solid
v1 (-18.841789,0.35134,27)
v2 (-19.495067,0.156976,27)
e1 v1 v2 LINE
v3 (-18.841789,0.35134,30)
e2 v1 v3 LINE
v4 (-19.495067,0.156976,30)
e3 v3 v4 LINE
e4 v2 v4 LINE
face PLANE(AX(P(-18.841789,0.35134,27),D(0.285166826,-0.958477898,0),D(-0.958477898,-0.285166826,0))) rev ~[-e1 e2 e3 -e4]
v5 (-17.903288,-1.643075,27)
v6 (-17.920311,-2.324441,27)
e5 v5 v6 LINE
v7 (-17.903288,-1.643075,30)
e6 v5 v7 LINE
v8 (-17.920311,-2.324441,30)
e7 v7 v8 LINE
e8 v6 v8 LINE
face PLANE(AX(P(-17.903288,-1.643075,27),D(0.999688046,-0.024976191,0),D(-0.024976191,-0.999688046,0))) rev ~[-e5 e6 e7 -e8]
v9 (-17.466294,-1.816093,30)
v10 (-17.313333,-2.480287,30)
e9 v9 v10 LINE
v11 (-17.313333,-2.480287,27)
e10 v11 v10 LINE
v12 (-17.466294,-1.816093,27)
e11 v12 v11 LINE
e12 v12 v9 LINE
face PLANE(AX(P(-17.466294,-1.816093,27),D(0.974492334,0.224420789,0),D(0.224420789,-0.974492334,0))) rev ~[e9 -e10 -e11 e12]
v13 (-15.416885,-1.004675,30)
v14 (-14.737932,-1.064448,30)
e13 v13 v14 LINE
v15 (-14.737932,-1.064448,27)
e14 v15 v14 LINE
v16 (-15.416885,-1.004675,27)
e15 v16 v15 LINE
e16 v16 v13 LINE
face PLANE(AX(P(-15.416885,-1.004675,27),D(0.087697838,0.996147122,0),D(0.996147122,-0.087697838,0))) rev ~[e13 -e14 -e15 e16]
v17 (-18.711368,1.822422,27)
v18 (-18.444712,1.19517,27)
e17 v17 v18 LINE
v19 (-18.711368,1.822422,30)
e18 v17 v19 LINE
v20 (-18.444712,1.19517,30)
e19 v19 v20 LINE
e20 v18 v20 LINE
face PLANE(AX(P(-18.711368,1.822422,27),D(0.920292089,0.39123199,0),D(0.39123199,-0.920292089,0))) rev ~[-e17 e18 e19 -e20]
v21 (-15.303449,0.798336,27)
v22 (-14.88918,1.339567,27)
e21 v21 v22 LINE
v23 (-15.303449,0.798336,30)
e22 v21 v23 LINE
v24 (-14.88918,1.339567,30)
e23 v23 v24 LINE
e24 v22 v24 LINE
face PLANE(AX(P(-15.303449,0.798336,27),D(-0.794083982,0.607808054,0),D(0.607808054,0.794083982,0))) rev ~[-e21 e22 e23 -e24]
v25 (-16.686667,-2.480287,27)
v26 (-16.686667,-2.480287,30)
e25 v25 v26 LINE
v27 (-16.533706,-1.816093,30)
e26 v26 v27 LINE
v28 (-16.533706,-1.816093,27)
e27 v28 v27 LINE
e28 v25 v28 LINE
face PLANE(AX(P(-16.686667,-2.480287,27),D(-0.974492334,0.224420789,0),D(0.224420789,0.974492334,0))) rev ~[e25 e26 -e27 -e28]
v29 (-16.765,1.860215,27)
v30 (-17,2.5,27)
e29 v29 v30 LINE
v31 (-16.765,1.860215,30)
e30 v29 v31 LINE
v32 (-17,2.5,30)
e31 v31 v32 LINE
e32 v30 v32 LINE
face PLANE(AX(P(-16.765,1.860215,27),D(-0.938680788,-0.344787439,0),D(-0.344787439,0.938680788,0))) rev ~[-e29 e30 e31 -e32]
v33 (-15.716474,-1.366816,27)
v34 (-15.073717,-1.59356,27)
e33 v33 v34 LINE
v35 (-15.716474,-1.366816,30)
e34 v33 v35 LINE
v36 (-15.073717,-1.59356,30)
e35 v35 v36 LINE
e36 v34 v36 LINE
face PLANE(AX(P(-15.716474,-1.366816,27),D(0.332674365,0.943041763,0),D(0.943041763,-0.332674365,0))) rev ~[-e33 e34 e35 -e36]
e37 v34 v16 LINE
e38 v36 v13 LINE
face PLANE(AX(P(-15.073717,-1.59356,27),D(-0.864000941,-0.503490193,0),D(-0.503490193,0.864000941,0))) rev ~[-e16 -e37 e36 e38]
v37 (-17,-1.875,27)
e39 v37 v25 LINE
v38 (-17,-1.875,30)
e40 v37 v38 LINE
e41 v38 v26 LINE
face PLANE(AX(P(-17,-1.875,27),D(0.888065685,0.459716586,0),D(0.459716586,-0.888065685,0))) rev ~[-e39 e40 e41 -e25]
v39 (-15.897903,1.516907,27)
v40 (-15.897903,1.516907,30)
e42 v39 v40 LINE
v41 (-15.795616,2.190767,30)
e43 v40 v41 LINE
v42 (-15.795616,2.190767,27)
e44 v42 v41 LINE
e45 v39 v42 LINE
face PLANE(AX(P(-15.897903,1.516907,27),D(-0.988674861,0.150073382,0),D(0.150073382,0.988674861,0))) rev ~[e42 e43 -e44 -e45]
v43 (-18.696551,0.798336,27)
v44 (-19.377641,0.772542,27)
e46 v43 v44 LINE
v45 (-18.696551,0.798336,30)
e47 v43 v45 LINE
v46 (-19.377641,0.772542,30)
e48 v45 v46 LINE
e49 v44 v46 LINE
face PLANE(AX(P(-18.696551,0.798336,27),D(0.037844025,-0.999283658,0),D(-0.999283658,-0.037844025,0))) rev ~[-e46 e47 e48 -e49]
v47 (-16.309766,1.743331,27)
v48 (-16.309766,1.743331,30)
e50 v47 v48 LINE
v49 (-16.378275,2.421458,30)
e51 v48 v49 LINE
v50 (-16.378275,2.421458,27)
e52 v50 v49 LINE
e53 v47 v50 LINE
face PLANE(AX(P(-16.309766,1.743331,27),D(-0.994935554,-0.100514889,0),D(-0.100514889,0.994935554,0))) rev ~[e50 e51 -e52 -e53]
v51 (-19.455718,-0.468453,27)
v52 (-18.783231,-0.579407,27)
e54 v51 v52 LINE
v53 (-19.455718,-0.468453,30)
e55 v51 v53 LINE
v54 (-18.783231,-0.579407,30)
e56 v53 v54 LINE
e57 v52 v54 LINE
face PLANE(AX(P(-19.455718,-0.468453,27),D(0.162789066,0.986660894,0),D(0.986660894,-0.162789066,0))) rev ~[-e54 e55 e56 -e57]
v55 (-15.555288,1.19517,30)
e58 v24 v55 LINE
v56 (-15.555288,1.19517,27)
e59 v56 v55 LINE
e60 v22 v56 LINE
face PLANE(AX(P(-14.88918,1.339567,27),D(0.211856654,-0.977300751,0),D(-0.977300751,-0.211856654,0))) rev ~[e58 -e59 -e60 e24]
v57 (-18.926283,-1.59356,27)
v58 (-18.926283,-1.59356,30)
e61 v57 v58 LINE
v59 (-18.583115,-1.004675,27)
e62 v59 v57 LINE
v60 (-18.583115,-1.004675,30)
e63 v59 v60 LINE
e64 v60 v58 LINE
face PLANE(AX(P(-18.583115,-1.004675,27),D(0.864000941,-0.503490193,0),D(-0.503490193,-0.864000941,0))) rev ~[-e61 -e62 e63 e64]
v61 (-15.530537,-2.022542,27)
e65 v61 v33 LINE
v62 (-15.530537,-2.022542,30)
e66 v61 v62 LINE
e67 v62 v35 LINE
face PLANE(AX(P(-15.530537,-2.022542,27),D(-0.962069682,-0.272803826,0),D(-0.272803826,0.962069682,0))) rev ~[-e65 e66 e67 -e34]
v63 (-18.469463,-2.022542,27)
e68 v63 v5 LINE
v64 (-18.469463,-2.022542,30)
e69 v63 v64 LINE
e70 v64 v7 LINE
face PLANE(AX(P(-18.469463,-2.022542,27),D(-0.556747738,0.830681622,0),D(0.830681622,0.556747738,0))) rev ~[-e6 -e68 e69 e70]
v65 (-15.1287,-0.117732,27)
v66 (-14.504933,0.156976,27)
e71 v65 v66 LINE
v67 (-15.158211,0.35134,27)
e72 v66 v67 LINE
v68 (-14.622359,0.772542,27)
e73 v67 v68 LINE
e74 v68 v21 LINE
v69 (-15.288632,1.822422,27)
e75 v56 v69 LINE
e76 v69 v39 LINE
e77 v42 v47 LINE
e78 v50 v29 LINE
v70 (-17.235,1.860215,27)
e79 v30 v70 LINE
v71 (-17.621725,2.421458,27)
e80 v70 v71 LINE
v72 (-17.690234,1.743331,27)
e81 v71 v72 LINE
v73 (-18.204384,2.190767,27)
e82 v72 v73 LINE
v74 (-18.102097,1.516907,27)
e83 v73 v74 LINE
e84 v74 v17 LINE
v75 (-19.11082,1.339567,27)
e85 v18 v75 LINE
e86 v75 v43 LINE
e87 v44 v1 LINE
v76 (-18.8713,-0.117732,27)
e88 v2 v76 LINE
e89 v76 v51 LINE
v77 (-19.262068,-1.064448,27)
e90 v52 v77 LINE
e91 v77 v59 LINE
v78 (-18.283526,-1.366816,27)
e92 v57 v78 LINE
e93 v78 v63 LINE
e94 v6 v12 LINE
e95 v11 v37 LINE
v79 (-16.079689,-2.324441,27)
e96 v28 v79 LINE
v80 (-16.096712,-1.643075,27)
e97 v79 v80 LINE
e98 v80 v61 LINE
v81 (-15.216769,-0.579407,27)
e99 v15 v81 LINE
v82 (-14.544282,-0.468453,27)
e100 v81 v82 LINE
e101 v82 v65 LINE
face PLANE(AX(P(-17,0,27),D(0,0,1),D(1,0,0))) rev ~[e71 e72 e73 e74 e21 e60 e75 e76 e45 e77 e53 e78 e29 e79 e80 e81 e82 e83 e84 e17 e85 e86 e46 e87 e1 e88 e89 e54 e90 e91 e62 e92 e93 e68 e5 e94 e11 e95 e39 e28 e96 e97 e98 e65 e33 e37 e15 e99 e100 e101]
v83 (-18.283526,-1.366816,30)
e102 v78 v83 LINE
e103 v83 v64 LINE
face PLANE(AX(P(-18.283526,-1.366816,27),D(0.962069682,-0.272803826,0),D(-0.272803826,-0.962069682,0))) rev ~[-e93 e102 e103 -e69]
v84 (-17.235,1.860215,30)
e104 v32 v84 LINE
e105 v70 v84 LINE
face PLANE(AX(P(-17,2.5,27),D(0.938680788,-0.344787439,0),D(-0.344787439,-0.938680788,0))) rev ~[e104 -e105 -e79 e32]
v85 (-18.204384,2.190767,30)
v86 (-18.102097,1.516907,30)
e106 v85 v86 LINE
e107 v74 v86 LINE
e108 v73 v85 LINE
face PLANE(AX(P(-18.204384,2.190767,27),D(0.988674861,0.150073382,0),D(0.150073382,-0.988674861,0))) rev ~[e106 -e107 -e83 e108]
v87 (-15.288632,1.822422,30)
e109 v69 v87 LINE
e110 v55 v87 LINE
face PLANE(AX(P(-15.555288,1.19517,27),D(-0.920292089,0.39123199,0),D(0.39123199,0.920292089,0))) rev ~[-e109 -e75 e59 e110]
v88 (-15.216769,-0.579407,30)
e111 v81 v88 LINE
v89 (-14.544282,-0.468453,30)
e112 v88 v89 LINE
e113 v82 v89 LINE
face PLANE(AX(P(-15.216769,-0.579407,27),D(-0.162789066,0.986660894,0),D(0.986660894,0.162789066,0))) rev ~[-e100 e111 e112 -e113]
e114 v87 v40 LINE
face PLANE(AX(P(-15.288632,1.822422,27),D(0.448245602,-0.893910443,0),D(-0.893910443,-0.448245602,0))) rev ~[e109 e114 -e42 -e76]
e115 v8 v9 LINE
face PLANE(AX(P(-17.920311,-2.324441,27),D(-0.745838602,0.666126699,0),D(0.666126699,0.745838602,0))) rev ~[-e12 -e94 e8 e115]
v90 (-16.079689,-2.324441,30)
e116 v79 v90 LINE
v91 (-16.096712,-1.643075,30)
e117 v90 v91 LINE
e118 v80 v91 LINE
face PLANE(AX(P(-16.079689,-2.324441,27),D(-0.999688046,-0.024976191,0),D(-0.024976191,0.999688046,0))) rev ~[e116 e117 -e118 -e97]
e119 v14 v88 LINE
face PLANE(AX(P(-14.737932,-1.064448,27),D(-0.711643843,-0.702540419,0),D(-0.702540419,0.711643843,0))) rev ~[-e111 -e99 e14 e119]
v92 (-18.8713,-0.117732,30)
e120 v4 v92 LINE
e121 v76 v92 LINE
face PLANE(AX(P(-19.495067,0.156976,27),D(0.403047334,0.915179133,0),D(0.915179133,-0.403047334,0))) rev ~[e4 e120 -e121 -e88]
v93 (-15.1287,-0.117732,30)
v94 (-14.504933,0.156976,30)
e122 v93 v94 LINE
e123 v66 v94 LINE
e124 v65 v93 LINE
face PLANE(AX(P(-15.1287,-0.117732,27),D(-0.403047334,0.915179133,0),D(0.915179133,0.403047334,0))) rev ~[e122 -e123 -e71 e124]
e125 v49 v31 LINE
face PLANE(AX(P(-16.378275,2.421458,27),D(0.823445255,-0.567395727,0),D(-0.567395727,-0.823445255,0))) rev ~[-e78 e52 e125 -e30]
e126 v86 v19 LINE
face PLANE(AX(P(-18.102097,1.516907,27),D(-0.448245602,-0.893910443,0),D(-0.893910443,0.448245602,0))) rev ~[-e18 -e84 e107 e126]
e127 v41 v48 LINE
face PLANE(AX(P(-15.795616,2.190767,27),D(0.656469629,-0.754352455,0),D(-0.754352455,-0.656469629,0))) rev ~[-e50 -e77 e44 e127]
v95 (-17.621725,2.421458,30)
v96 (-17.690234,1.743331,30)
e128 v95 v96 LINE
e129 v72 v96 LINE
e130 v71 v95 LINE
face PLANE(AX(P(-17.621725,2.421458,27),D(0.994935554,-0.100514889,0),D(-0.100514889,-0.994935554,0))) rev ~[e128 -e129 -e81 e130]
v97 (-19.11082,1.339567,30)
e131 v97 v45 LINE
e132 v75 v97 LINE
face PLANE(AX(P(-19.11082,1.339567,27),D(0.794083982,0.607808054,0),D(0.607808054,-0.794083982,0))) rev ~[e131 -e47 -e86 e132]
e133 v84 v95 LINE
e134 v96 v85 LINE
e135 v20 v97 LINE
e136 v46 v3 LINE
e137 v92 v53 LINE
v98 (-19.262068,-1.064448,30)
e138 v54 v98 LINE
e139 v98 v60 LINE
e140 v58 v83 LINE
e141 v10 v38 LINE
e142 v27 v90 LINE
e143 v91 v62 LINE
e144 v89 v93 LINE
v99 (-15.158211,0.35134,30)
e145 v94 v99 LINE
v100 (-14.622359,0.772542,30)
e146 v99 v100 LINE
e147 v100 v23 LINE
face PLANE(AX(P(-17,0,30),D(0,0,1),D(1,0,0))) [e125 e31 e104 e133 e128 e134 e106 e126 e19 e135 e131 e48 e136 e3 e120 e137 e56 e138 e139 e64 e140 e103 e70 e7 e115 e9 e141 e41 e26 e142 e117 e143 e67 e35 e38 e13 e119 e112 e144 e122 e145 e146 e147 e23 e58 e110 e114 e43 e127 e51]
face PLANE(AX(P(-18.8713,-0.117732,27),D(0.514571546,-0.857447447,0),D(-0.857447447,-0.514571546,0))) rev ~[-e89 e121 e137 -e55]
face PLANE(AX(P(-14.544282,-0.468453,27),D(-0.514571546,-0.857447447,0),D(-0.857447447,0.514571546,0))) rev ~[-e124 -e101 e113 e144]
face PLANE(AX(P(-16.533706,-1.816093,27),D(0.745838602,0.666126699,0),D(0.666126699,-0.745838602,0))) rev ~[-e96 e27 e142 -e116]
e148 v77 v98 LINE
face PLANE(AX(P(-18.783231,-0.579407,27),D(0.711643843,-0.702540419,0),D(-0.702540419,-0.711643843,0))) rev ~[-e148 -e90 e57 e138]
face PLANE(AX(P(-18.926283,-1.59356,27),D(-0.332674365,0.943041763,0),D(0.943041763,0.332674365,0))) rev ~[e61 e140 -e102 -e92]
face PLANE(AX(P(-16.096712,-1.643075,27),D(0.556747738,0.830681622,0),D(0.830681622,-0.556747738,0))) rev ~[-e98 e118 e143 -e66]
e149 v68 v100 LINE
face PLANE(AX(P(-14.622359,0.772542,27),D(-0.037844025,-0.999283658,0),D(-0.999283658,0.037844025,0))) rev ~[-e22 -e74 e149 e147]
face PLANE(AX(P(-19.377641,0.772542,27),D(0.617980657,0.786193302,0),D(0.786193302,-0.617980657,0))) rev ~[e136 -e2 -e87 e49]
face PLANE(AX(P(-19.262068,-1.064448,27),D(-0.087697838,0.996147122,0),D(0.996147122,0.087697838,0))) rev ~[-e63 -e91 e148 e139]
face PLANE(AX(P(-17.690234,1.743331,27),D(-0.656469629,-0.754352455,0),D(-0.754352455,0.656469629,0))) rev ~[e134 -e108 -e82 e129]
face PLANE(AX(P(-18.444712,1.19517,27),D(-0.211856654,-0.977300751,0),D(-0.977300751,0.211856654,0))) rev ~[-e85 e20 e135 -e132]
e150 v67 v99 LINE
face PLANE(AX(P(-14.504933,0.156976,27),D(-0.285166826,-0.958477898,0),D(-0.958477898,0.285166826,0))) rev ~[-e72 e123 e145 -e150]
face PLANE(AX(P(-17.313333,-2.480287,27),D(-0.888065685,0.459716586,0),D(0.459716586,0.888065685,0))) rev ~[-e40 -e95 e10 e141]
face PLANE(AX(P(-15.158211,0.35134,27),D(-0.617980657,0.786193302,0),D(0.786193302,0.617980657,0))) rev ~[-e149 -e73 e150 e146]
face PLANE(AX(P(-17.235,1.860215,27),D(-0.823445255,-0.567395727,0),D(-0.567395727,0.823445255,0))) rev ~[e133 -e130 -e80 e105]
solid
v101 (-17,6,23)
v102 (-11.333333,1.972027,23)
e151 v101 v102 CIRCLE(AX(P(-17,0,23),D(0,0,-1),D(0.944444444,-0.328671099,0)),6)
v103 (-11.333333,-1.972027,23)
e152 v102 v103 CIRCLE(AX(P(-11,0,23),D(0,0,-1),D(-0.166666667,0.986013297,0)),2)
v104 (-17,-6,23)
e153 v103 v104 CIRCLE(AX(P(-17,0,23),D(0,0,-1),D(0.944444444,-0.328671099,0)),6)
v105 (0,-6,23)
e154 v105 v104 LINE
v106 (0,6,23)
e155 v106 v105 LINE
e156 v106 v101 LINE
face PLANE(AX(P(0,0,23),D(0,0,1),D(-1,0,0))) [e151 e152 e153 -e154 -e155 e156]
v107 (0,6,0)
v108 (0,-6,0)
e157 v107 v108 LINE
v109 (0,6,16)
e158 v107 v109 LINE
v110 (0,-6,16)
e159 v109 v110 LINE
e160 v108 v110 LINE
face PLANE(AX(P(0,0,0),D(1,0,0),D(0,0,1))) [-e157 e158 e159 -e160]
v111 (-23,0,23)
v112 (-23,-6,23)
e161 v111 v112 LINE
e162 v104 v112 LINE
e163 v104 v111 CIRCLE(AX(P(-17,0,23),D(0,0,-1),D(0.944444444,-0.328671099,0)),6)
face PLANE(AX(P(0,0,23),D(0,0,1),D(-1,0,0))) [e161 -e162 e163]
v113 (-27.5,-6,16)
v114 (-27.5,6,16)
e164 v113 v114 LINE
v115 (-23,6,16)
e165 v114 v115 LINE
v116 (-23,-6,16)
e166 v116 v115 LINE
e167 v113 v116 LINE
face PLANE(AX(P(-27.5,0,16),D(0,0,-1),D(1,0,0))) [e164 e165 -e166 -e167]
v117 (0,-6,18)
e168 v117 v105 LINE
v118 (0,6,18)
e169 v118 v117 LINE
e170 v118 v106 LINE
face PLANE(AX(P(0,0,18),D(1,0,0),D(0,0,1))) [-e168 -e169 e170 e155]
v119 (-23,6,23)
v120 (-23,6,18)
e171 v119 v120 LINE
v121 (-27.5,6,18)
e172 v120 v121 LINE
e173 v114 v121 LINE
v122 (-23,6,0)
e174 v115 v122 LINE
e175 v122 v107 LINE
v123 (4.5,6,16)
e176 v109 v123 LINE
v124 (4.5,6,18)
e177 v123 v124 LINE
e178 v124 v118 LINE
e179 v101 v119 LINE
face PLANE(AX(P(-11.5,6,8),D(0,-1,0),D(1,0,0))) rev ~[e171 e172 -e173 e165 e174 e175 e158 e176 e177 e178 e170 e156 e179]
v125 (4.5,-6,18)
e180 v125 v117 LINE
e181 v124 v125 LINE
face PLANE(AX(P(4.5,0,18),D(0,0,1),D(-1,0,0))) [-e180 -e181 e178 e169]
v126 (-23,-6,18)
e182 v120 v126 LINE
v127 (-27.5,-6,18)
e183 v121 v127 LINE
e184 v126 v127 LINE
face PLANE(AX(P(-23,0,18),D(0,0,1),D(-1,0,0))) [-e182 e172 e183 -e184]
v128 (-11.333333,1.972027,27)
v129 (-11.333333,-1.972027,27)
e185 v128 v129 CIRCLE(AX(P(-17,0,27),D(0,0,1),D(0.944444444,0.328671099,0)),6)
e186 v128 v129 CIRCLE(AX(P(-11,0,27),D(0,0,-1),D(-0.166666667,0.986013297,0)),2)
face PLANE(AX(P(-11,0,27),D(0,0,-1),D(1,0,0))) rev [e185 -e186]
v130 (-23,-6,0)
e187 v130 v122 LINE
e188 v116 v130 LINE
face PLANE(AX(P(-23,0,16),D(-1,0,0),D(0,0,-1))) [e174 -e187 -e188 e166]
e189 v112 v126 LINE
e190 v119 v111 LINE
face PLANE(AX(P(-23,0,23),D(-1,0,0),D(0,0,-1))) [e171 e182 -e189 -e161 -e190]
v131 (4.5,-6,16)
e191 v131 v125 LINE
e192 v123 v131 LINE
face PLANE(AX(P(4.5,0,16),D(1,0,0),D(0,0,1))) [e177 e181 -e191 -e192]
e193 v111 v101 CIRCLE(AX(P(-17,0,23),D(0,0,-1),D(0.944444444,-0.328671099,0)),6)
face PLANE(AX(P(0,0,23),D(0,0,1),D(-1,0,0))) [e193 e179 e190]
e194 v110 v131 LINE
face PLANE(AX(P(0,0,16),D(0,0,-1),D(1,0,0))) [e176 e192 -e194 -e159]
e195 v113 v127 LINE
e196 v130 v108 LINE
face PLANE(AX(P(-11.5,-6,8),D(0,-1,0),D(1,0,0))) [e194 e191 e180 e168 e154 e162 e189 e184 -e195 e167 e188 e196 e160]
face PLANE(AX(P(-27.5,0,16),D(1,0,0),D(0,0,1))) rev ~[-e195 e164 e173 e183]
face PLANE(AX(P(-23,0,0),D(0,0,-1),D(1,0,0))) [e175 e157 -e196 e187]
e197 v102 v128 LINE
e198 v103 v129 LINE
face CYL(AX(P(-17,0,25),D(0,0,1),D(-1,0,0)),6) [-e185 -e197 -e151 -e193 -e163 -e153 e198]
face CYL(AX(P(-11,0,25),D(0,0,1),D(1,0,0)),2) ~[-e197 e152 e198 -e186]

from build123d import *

# Parameters (mm, degrees)
F0_W     = 6
F0_H     = 4
F0_W_2   = 2
F0_W_3   = 23
F0_H_2   = 16
F0_H_3   = 2
F0_W_4   = 4.5
F3_DEPTH = 6
F5_START = 27
F5_DEPTH = 3


with BuildPart() as f1:
    # F0 (on Front) → F1 (revolve)
    with BuildSketch(Plane.XZ):
        with Locations((-20, 25)):
            Rectangle(F0_W, F0_H)
    revolve(axis=Axis((-17, 0, 25), (0, 0, 1)))

    # F0 (on Front) → F2 (revolve)
    with BuildSketch(Plane.XZ):
        with Locations((-10, 25)):
            Rectangle(F0_W_2, F0_H)
    revolve(axis=Axis((-11, 0, 25), (0, 0, -1)))

    # F0 (on Front) → F3 (join, symmetric)
    with BuildSketch(Plane.XZ):
        with Locations((-11.5, 8)):
            Rectangle(F0_W_3, F0_H_2)
        with Locations((-11.5, 17)):
            Rectangle(F0_W_3, F0_H_3)
        with Locations((2.25, 17)):
            Rectangle(F0_W_4, F0_H_3)
        with Locations((-25.25, 17)):
            Rectangle(F0_W_4, F0_H_3)
        Polygon((-23, 18), (0, 18), (0, 23), (-9, 23), (-11, 23), (-17, 23), (-23, 23), align=None)
    extrude(amount=F3_DEPTH, both=True)


with BuildPart() as f5:
    # F4 (on Top) → F5 (new body)
    with BuildSketch(Plane.XY.offset(F5_START)):
        Polygon((-15.1286998842, -0.1177322241), (-15.1582114049, 0.3513399648), (-15.3034492766, 0.7983361717), (-15.5552876698, 1.1951699808), (-15.897902652, 1.5169068645), (-16.3097664637, 1.743330911), (-16.7650001871, 1.860215065), (-17.2349998129, 1.860215065), (-17.6902335363, 1.743330911), (-18.102097348, 1.5169068645), (-18.4447123302, 1.1951699808), (-18.6965507234, 0.7983361717), (-18.8417885951, 0.3513399648), (-18.8713001158, -0.1177322241), (-18.7832309681, -0.5794068645), (-18.5831148603, -1.0046752406), (-18.2835258236, -1.3668161764), (-17.9032881389, -1.6430750251), (-17.4662935384, -1.8160934271), (-17, -1.875), (-16.5337064616, -1.8160934271), (-16.0967118611, -1.6430750251), (-15.7164741764, -1.3668161764), (-15.4168851397, -1.0046752406), (-15.2167690319, -0.5794068645), align=None)
        Polygon((-18.4447123302, 1.1951699808), (-19.1108198138, 1.3395669874), (-18.6965507234, 0.7983361717), align=None)
        Polygon((-18.6965507234, 0.7983361717), (-19.3776412907, 0.7725424859), (-18.8417885951, 0.3513399648), align=None)
        Polygon((-18.8417885951, 0.3513399648), (-19.4950668211, 0.1569762988), (-18.8713001158, -0.1177322241), align=None)
        Polygon((-18.8713001158, -0.1177322241), (-19.4557181268, -0.4684532865), (-18.7832309681, -0.5794068645), align=None)
        Polygon((-18.7832309681, -0.5794068645), (-19.2620676312, -1.0644482289), (-18.5831148603, -1.0046752406), align=None)
        Polygon((-18.5831148603, -1.0046752406), (-18.9262831069, -1.5935599744), (-18.2835258236, -1.3668161764), align=None)
        Polygon((-18.2835258236, -1.3668161764), (-18.4694631307, -2.0225424859), (-17.9032881389, -1.6430750251), align=None)
        Polygon((-17.9032881389, -1.6430750251), (-17.9203113817, -2.3244412147), (-17.4662935384, -1.8160934271), align=None)
        Polygon((-17.4662935384, -1.8160934271), (-17.3133330839, -2.4802867533), (-17, -1.875), align=None)
        Polygon((-17, -1.875), (-16.6866669161, -2.4802867533), (-16.5337064616, -1.8160934271), align=None)
        Polygon((-16.5337064616, -1.8160934271), (-16.0796886183, -2.3244412147), (-16.0967118611, -1.6430750251), align=None)
        Polygon((-16.0967118611, -1.6430750251), (-15.5305368693, -2.0225424859), (-15.7164741764, -1.3668161764), align=None)
        Polygon((-15.7164741764, -1.3668161764), (-15.0737168931, -1.5935599744), (-15.4168851397, -1.0046752406), align=None)
        Polygon((-15.4168851397, -1.0046752406), (-14.7379323688, -1.0644482289), (-15.2167690319, -0.5794068645), align=None)
        Polygon((-15.2167690319, -0.5794068645), (-14.5442818732, -0.4684532865), (-15.1286998842, -0.1177322241), align=None)
        Polygon((-15.1286998842, -0.1177322241), (-14.5049331789, 0.1569762988), (-15.1582114049, 0.3513399648), align=None)
        Polygon((-15.5552876698, 1.1951699808), (-15.2886322352, 1.8224215686), (-15.897902652, 1.5169068645), align=None)
        Polygon((-15.3034492766, 0.7983361717), (-14.8891801862, 1.3395669874), (-15.5552876698, 1.1951699808), align=None)
        Polygon((-15.1582114049, 0.3513399648), (-14.6223587093, 0.7725424859), (-15.3034492766, 0.7983361717), align=None)
        Polygon((-18.102097348, 1.5169068645), (-18.7113677648, 1.8224215686), (-18.4447123302, 1.1951699808), align=None)
        Polygon((-17.6902335363, 1.743330911), (-18.2043841853, 2.1907667001), (-18.102097348, 1.5169068645), align=None)
        Polygon((-17.2349998129, 1.860215065), (-17.6217247179, 2.4214579028), (-17.6902335363, 1.743330911), align=None)
        Polygon((-16.7650001871, 1.860215065), (-17, 2.5), (-17.2349998129, 1.860215065), align=None)
        Polygon((-16.3097664637, 1.743330911), (-16.3782752821, 2.4214579028), (-16.7650001871, 1.860215065), align=None)
        Polygon((-15.897902652, 1.5169068645), (-15.7956158147, 2.1907667001), (-16.3097664637, 1.743330911), align=None)
    extrude(amount=F5_DEPTH)


solid = Compound([f1.part, f5.part])
